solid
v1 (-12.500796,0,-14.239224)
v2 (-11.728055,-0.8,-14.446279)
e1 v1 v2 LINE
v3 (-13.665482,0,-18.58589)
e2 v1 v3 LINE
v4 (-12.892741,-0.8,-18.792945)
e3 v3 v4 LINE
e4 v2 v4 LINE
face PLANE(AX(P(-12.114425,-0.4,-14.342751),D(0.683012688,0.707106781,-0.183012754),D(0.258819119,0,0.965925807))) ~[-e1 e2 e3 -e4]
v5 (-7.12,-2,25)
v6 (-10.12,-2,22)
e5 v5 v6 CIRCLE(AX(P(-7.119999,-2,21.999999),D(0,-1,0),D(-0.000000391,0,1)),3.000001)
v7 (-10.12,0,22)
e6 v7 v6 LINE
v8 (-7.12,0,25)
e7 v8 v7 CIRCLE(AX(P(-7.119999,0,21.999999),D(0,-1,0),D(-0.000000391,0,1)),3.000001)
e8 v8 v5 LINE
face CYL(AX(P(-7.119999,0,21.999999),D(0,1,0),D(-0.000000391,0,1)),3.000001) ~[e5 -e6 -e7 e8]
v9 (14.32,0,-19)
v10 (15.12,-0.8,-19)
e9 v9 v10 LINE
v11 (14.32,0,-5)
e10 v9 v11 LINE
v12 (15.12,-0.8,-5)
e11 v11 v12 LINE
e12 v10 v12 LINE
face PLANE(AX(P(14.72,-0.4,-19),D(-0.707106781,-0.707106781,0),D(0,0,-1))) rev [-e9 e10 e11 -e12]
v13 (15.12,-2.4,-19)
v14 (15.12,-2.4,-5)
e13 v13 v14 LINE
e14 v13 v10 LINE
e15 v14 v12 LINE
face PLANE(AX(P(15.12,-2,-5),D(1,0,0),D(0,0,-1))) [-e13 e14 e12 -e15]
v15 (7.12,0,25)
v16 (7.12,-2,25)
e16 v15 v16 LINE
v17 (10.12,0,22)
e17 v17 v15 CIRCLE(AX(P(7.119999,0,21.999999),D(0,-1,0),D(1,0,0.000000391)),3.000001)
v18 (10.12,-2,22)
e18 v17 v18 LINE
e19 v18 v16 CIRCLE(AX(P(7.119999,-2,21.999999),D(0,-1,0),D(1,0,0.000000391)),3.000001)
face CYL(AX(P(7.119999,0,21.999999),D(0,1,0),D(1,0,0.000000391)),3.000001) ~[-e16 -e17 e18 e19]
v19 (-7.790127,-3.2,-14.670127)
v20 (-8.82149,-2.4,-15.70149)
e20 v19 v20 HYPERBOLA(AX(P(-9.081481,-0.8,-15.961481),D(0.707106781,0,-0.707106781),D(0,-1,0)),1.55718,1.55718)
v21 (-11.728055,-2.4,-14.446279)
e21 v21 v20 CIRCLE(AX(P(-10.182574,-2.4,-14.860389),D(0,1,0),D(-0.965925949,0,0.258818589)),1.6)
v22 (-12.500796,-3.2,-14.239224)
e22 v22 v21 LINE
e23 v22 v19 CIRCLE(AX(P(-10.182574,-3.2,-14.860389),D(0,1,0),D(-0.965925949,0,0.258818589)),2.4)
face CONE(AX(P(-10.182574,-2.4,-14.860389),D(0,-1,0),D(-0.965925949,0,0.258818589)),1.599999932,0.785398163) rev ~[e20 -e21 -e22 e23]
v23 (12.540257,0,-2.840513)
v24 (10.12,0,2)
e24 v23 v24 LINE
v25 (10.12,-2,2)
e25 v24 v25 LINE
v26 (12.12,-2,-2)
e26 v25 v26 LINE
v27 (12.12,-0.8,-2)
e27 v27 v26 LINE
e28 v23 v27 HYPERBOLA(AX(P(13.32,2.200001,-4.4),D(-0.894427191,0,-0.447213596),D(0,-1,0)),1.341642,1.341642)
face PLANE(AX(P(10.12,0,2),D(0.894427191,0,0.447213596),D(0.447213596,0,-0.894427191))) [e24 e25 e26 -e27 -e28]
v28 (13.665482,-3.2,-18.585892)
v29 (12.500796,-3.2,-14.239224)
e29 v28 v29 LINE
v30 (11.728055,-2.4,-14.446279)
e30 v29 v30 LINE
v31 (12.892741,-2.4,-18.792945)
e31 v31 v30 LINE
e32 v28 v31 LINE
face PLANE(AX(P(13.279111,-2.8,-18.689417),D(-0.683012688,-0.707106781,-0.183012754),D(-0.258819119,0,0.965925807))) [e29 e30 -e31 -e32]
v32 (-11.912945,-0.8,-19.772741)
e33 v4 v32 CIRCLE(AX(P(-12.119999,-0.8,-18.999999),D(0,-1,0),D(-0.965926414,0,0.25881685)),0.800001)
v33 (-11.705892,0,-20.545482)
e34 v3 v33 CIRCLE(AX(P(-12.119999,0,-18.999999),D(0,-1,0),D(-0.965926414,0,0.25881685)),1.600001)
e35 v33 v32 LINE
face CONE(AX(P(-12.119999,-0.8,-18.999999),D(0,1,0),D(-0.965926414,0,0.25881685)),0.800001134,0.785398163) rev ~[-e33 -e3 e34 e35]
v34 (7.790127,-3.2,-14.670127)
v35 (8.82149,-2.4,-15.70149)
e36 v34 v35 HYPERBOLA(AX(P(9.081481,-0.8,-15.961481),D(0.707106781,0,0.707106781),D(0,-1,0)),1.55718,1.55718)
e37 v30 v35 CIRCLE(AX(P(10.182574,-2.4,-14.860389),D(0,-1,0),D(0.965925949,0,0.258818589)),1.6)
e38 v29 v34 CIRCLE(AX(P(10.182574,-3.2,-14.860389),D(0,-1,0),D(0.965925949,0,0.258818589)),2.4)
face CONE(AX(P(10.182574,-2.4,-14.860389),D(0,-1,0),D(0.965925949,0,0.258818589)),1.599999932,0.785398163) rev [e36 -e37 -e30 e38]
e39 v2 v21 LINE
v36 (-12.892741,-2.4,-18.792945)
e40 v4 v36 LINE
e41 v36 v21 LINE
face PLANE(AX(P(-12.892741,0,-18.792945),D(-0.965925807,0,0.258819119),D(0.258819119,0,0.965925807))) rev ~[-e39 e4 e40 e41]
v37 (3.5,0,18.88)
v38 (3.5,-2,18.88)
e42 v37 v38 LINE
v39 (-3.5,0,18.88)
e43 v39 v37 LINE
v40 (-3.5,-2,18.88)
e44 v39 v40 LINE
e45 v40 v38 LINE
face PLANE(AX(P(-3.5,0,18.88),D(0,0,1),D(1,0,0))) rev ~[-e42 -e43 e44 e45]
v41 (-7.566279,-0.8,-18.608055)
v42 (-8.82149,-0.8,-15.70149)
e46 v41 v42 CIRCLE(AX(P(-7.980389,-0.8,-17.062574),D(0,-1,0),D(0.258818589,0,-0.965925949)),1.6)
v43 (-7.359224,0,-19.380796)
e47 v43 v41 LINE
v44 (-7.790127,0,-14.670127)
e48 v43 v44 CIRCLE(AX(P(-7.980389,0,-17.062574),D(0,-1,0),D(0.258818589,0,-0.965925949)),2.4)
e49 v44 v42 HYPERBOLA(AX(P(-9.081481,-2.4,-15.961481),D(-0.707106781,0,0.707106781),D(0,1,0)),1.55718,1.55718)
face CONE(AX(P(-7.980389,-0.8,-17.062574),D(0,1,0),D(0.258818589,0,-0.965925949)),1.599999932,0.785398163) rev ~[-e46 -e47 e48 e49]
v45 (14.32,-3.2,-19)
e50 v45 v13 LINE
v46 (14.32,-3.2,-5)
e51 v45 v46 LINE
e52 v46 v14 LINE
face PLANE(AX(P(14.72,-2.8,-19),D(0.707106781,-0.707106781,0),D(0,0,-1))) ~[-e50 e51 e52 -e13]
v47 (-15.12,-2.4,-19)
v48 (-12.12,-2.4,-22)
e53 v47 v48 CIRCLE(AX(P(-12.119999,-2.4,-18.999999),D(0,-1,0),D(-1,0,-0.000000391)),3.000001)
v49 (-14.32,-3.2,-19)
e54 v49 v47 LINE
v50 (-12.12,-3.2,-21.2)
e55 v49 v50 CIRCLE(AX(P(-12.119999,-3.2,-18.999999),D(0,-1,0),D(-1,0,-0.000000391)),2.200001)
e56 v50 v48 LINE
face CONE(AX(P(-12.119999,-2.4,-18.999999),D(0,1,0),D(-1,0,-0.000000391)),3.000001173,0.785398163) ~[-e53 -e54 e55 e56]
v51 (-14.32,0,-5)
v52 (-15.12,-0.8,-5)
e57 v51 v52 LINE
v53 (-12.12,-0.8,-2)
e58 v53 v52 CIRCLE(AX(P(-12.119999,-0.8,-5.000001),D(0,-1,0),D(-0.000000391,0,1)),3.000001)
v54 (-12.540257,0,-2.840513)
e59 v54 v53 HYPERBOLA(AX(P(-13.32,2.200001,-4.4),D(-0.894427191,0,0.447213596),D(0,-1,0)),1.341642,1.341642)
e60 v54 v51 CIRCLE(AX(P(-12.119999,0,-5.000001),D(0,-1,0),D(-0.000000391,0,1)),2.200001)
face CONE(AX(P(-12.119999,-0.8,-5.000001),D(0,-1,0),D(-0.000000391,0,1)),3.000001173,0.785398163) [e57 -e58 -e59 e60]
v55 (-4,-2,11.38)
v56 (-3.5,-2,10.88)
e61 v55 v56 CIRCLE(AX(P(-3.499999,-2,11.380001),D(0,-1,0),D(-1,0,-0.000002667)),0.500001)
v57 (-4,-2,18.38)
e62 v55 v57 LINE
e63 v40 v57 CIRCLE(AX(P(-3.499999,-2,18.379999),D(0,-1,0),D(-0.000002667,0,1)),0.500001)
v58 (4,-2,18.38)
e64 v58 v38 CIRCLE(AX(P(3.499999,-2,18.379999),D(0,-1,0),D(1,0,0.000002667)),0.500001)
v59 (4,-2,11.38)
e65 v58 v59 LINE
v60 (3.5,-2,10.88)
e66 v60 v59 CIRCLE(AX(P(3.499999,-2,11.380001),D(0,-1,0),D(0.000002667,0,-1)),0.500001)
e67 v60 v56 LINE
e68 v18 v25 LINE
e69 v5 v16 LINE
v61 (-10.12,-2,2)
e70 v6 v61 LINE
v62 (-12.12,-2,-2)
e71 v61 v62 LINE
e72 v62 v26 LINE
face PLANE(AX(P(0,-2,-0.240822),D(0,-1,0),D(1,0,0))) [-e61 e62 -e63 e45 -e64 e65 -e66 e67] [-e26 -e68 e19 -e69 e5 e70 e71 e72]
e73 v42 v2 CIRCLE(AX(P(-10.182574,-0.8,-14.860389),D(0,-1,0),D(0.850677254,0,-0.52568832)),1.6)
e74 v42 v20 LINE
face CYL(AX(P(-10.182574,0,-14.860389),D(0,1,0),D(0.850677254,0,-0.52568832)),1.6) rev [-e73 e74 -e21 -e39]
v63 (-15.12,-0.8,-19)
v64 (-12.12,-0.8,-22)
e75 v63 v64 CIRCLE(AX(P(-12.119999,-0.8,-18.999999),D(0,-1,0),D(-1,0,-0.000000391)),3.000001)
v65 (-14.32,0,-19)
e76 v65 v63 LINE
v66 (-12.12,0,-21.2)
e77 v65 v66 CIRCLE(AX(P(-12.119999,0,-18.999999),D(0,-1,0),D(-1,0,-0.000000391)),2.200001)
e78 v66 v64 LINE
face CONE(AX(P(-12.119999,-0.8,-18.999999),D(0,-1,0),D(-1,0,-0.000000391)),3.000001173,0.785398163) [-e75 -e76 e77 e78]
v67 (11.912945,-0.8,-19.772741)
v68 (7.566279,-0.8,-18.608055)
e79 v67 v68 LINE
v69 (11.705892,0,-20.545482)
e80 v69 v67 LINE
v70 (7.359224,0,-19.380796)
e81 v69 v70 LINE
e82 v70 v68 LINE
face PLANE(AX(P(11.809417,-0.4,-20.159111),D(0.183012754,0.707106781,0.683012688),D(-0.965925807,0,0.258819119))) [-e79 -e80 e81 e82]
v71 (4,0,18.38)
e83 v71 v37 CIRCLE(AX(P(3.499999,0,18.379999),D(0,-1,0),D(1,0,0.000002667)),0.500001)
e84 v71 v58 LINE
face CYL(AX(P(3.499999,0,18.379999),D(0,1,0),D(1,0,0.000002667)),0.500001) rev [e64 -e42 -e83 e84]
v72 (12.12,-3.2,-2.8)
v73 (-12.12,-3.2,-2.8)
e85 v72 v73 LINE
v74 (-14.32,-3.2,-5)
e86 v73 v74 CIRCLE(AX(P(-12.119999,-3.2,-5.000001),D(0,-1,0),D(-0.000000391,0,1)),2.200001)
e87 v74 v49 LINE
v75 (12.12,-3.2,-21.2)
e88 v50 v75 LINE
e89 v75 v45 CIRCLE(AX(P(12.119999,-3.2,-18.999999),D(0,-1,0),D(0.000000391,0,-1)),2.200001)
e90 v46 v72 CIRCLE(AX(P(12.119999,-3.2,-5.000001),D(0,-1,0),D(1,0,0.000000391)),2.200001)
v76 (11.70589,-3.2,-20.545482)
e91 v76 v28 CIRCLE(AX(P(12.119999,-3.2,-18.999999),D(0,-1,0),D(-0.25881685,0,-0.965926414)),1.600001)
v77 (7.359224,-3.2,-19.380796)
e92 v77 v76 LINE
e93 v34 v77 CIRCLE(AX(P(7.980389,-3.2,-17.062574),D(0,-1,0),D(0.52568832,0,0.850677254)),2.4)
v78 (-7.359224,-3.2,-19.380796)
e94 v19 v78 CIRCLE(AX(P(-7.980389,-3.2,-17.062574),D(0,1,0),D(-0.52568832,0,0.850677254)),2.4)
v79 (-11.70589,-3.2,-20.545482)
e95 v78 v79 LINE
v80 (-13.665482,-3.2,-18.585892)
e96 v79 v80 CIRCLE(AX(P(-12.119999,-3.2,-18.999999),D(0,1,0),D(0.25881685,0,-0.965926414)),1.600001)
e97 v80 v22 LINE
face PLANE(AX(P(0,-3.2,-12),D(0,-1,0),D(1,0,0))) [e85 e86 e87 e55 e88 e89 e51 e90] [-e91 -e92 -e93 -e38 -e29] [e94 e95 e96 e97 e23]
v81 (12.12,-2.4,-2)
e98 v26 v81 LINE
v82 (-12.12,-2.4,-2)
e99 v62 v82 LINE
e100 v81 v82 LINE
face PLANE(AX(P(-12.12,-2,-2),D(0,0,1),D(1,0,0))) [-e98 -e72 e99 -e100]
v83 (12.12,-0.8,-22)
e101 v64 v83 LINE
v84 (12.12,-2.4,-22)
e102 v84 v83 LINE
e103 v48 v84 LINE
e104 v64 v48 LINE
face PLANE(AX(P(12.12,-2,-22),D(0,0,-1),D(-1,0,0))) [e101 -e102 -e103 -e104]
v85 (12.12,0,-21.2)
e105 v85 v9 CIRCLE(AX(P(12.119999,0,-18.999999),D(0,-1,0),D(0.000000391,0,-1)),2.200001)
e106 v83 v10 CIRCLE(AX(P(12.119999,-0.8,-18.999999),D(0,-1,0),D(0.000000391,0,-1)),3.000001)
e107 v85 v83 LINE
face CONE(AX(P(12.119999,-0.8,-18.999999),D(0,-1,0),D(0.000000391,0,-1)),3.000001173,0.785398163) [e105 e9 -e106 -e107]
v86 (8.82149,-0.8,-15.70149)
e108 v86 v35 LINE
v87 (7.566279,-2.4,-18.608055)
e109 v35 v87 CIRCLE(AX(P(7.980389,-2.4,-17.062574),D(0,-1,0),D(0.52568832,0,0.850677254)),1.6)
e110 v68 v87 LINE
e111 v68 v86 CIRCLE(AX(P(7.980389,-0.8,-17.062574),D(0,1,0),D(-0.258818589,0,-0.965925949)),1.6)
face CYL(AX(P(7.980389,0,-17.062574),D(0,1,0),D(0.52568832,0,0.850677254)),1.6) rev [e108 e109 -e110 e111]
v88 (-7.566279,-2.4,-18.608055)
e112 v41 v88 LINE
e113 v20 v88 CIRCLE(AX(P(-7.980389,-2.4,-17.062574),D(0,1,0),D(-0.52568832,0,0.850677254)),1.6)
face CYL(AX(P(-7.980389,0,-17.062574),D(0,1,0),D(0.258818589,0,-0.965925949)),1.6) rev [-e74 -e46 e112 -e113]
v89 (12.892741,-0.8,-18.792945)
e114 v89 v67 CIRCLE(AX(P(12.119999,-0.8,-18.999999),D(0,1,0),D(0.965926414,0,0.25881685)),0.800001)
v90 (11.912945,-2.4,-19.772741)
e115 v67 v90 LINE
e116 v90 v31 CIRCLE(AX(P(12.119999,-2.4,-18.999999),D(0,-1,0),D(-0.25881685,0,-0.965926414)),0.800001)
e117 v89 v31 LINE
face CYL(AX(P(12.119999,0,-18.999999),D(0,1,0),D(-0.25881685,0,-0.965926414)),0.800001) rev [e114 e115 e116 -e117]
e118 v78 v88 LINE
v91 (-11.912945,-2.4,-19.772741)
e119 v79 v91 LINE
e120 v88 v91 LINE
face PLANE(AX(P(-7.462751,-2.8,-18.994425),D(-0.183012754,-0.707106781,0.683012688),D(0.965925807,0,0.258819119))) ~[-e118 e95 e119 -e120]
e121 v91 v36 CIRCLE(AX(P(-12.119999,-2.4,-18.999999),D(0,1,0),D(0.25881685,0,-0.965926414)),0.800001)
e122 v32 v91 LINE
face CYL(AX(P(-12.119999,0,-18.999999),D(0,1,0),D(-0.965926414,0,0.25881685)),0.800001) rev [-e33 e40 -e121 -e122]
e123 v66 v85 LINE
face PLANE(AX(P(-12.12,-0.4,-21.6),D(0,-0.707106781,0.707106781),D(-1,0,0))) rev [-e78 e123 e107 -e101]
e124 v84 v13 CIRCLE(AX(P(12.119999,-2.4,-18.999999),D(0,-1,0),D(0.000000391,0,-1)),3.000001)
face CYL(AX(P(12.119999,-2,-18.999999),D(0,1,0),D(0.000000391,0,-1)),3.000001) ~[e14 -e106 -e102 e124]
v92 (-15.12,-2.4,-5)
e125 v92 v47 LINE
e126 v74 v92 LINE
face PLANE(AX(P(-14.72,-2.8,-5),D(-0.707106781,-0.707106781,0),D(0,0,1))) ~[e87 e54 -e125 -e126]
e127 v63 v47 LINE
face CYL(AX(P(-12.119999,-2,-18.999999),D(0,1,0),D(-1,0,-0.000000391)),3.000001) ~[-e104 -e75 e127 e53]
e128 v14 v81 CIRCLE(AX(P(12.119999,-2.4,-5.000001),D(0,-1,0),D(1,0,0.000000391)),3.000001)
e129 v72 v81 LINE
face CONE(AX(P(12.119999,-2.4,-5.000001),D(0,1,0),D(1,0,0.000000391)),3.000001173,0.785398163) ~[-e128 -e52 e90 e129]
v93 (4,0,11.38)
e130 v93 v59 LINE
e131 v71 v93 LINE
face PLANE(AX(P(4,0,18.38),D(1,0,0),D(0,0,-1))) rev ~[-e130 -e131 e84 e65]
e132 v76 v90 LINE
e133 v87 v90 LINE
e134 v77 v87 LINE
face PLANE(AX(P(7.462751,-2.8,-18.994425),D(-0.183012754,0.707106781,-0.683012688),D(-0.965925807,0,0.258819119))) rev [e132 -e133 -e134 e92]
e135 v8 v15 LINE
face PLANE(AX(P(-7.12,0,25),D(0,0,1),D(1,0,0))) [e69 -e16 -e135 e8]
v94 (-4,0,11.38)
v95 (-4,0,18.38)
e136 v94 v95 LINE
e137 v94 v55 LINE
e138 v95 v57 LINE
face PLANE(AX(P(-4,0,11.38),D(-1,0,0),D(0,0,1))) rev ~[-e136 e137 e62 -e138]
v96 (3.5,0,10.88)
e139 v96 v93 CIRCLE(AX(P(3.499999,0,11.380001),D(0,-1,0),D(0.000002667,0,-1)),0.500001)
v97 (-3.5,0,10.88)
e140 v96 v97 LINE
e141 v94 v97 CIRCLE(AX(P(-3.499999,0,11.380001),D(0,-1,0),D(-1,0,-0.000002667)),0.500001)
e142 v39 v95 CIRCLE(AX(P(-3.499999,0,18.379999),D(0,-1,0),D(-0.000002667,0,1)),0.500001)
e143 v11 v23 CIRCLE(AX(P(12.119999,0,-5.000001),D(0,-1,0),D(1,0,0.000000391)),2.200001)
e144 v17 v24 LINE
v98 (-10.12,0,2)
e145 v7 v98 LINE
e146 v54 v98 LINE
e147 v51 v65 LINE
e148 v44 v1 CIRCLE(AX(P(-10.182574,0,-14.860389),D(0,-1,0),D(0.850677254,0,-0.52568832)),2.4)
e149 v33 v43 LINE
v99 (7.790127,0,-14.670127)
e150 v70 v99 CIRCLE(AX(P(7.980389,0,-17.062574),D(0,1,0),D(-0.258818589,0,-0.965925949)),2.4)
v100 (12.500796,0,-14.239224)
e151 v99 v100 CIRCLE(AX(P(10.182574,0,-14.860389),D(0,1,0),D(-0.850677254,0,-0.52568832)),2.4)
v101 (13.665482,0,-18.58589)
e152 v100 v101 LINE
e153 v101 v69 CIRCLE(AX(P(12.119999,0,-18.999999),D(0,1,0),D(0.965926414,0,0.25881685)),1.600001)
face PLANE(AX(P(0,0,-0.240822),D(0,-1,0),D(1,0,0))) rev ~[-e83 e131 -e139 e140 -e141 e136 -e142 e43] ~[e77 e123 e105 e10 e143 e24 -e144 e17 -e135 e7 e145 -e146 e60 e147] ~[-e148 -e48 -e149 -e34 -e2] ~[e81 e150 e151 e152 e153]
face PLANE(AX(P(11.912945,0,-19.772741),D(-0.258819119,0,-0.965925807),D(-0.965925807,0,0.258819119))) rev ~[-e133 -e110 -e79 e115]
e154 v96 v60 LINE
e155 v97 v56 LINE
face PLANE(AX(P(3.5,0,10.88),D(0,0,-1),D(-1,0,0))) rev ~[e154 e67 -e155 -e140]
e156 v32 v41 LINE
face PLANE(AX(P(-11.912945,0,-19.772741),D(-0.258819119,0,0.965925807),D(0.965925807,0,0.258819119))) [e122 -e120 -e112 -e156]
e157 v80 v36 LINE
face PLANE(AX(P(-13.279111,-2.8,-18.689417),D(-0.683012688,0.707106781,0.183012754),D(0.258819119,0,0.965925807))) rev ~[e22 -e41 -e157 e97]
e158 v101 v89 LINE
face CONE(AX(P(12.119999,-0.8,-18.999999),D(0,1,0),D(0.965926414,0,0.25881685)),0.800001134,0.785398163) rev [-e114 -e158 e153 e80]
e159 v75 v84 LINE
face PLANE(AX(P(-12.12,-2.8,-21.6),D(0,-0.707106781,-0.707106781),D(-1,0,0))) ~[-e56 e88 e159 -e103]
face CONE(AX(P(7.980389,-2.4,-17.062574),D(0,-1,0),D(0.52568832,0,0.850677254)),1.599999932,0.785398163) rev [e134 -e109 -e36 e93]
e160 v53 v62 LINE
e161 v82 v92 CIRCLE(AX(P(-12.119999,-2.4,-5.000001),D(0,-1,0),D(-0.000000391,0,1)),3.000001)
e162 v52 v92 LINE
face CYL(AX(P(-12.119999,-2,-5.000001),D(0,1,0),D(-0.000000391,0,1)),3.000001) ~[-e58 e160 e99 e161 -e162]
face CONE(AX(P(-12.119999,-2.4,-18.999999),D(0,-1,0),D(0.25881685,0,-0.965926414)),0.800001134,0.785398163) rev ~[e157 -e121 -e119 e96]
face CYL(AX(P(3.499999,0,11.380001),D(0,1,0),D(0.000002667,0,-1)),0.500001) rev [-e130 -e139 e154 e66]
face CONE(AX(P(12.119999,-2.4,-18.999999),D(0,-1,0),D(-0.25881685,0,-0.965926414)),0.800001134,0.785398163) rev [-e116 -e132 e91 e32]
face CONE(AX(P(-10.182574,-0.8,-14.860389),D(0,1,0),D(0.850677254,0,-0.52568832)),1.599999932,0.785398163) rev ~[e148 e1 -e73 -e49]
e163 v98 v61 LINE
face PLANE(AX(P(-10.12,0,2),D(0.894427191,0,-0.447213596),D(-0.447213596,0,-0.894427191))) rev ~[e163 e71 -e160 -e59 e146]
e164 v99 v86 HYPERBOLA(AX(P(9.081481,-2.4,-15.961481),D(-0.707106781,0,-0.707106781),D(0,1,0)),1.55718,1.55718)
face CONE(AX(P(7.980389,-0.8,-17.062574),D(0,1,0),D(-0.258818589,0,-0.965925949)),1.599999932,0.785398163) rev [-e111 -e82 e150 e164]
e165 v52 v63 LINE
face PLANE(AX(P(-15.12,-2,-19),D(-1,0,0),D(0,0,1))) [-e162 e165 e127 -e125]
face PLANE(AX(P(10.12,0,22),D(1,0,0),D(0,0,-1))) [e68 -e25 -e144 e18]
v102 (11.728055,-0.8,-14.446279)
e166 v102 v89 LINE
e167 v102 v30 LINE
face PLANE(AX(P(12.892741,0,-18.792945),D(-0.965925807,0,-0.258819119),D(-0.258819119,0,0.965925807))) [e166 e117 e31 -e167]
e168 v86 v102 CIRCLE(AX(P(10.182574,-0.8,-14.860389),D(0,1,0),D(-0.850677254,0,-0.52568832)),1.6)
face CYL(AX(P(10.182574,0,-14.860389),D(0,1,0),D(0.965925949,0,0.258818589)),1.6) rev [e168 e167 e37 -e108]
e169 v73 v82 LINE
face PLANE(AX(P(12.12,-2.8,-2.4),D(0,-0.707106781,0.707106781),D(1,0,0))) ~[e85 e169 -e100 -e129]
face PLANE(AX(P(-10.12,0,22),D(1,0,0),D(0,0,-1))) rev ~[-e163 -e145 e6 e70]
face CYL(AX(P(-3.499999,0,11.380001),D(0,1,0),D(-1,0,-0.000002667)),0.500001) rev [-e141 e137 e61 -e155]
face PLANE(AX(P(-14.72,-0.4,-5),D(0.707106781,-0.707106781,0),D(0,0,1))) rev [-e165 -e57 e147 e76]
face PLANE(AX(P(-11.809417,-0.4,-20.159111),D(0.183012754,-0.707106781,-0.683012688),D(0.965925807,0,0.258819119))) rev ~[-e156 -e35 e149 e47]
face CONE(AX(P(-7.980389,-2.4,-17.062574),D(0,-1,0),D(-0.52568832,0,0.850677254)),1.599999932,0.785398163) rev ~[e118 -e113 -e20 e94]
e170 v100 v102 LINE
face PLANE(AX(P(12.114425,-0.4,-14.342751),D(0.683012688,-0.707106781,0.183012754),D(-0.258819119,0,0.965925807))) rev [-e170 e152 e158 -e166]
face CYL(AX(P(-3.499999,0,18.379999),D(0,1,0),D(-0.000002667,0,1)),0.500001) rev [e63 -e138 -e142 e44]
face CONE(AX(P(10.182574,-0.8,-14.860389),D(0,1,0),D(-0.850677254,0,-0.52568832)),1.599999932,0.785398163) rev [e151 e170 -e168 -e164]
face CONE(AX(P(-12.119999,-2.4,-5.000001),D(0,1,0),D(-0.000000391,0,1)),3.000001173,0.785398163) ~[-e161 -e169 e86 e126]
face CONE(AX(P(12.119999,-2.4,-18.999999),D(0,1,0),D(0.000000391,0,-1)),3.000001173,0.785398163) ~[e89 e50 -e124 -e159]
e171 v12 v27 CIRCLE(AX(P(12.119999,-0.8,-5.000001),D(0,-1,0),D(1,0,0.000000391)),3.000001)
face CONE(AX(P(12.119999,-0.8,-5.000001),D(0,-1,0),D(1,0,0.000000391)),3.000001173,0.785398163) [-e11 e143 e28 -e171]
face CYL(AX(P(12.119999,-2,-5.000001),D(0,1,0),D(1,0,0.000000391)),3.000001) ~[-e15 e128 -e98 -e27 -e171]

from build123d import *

# Parameters (mm, degrees)
PAD013_DEPTH    = 2
PAD014_DEPTH    = 1.2
POCKET011_DEPTH = 3.201
CHAMFER010_SIZE = 0.8


with BuildPart() as part:
    # Sketch034 → Pad013 (new body)
    with BuildSketch(Plane.XZ):
        with BuildLine():
            ThreePointArc((-7.12, 25), (-9.24132, 24.12132), (-10.12, 22))
            Line((-10.12, 22), (-10.12, 2))
            Line((-10.12, 2), (-12.12, -2))
            ThreePointArc((-12.12, -2), (-14.24132, -2.87868), (-15.12, -5))
            Line((-15.12, -5), (-15.12, -19))
            ThreePointArc((-15.12, -19), (-14.24132, -21.12132), (-12.12, -22))
            Line((-12.12, -22), (12.12, -22))
            ThreePointArc((12.12, -22), (14.24132, -21.12132), (15.12, -19))
            Line((15.12, -19), (15.12, -5))
            ThreePointArc((15.12, -5), (14.24132, -2.87868), (12.12, -2))
            Line((10.12, 2), (12.12, -2))
            Line((10.12, 22), (10.12, 2))
            ThreePointArc((10.12, 22), (9.24132, 24.12132), (7.12, 25))
            Line((-7.12, 25), (7.12, 25))
        make_face()
        with BuildLine():
            Line((-3.5, 18.88), (3.5, 18.88))
            ThreePointArc((4, 18.38), (3.853553, 18.733553), (3.5, 18.88))
            Line((4, 18.38), (4, 11.38))
            ThreePointArc((3.5, 10.88), (3.853553, 11.026447), (4, 11.38))
            Line((3.5, 10.88), (-3.5, 10.88))
            ThreePointArc((-4, 11.38), (-3.853553, 11.026447), (-3.5, 10.88))
            Line((-4, 11.38), (-4, 18.38))
            ThreePointArc((-3.5, 18.88), (-3.853553, 18.733553), (-4, 18.38))
        make_face(mode=Mode.SUBTRACT)
    extrude(amount=PAD013_DEPTH)

    # Sketch035 → Pad014 (join)
    with BuildSketch(Plane.XZ.offset(2)):
        with BuildLine():
            ThreePointArc((15.12, -5), (14.24132, -2.87868), (12.12, -2))
            Line((-12.12, -2), (12.12, -2))
            ThreePointArc((-12.12, -2), (-14.24132, -2.87868), (-15.12, -5))
            Line((-15.12, -19), (-15.12, -5))
            ThreePointArc((-15.12, -19), (-14.24132, -21.12132), (-12.12, -22))
            Line((12.12, -22), (-12.12, -22))
            ThreePointArc((12.12, -22), (14.24132, -21.12132), (15.12, -19))
            Line((15.12, -5), (15.12, -19))
        make_face()
    extrude(amount=PAD014_DEPTH)

    # Sketch062 → Pocket011 (cut, through all)
    with BuildSketch(Plane.XZ):
        with BuildLine():
            ThreePointArc((-12.892741, -18.792945), (-12.685685, -19.565685), (-11.912945, -19.772741))
            Line((-11.912945, -19.772741), (-7.566279, -18.608055))
            ThreePointArc((-7.566279, -18.608055), (-6.511508, -16.428232), (-8.82149, -15.70149))
            ThreePointArc((-8.82149, -15.70149), (-9.548232, -13.391508), (-11.728055, -14.446279))
            Line((-12.892741, -18.792945), (-11.728055, -14.446279))
        make_face()
        with BuildLine():
            ThreePointArc((11.912945, -19.772741), (12.685685, -19.565685), (12.892741, -18.792945))
            Line((12.892741, -18.792945), (11.728055, -14.446279))
            ThreePointArc((11.728055, -14.446279), (9.548232, -13.391508), (8.82149, -15.70149))
            ThreePointArc((8.82149, -15.70149), (6.511508, -16.428232), (7.566279, -18.608055))
            Line((11.912945, -19.772741), (7.566279, -18.608055))
        make_face()
    extrude(amount=POCKET011_DEPTH, mode=Mode.SUBTRACT)

    # Chamfer010
    chamfer010_edges = [part.edges().sort_by_distance(p)[0] for p in [
        (-12.685685, 0, -19.565685),
        (-11.912945, -1.6, -19.772741),
        (-12.685685, -3.2, -19.565685),
        (-12.892741, -1.6, -18.792945),
        (9.739612, 0, -19.190398),
        (7.566279, -1.6, -18.608055),
        (9.739612, -3.2, -19.190398),
        (11.912945, -1.6, -19.772741),
        (0, 0, -22),
        (-14.24132, -3.2, -21.12132),
    ]]
    chamfer(chamfer010_edges, length=CHAMFER010_SIZE)


solid = part.part
